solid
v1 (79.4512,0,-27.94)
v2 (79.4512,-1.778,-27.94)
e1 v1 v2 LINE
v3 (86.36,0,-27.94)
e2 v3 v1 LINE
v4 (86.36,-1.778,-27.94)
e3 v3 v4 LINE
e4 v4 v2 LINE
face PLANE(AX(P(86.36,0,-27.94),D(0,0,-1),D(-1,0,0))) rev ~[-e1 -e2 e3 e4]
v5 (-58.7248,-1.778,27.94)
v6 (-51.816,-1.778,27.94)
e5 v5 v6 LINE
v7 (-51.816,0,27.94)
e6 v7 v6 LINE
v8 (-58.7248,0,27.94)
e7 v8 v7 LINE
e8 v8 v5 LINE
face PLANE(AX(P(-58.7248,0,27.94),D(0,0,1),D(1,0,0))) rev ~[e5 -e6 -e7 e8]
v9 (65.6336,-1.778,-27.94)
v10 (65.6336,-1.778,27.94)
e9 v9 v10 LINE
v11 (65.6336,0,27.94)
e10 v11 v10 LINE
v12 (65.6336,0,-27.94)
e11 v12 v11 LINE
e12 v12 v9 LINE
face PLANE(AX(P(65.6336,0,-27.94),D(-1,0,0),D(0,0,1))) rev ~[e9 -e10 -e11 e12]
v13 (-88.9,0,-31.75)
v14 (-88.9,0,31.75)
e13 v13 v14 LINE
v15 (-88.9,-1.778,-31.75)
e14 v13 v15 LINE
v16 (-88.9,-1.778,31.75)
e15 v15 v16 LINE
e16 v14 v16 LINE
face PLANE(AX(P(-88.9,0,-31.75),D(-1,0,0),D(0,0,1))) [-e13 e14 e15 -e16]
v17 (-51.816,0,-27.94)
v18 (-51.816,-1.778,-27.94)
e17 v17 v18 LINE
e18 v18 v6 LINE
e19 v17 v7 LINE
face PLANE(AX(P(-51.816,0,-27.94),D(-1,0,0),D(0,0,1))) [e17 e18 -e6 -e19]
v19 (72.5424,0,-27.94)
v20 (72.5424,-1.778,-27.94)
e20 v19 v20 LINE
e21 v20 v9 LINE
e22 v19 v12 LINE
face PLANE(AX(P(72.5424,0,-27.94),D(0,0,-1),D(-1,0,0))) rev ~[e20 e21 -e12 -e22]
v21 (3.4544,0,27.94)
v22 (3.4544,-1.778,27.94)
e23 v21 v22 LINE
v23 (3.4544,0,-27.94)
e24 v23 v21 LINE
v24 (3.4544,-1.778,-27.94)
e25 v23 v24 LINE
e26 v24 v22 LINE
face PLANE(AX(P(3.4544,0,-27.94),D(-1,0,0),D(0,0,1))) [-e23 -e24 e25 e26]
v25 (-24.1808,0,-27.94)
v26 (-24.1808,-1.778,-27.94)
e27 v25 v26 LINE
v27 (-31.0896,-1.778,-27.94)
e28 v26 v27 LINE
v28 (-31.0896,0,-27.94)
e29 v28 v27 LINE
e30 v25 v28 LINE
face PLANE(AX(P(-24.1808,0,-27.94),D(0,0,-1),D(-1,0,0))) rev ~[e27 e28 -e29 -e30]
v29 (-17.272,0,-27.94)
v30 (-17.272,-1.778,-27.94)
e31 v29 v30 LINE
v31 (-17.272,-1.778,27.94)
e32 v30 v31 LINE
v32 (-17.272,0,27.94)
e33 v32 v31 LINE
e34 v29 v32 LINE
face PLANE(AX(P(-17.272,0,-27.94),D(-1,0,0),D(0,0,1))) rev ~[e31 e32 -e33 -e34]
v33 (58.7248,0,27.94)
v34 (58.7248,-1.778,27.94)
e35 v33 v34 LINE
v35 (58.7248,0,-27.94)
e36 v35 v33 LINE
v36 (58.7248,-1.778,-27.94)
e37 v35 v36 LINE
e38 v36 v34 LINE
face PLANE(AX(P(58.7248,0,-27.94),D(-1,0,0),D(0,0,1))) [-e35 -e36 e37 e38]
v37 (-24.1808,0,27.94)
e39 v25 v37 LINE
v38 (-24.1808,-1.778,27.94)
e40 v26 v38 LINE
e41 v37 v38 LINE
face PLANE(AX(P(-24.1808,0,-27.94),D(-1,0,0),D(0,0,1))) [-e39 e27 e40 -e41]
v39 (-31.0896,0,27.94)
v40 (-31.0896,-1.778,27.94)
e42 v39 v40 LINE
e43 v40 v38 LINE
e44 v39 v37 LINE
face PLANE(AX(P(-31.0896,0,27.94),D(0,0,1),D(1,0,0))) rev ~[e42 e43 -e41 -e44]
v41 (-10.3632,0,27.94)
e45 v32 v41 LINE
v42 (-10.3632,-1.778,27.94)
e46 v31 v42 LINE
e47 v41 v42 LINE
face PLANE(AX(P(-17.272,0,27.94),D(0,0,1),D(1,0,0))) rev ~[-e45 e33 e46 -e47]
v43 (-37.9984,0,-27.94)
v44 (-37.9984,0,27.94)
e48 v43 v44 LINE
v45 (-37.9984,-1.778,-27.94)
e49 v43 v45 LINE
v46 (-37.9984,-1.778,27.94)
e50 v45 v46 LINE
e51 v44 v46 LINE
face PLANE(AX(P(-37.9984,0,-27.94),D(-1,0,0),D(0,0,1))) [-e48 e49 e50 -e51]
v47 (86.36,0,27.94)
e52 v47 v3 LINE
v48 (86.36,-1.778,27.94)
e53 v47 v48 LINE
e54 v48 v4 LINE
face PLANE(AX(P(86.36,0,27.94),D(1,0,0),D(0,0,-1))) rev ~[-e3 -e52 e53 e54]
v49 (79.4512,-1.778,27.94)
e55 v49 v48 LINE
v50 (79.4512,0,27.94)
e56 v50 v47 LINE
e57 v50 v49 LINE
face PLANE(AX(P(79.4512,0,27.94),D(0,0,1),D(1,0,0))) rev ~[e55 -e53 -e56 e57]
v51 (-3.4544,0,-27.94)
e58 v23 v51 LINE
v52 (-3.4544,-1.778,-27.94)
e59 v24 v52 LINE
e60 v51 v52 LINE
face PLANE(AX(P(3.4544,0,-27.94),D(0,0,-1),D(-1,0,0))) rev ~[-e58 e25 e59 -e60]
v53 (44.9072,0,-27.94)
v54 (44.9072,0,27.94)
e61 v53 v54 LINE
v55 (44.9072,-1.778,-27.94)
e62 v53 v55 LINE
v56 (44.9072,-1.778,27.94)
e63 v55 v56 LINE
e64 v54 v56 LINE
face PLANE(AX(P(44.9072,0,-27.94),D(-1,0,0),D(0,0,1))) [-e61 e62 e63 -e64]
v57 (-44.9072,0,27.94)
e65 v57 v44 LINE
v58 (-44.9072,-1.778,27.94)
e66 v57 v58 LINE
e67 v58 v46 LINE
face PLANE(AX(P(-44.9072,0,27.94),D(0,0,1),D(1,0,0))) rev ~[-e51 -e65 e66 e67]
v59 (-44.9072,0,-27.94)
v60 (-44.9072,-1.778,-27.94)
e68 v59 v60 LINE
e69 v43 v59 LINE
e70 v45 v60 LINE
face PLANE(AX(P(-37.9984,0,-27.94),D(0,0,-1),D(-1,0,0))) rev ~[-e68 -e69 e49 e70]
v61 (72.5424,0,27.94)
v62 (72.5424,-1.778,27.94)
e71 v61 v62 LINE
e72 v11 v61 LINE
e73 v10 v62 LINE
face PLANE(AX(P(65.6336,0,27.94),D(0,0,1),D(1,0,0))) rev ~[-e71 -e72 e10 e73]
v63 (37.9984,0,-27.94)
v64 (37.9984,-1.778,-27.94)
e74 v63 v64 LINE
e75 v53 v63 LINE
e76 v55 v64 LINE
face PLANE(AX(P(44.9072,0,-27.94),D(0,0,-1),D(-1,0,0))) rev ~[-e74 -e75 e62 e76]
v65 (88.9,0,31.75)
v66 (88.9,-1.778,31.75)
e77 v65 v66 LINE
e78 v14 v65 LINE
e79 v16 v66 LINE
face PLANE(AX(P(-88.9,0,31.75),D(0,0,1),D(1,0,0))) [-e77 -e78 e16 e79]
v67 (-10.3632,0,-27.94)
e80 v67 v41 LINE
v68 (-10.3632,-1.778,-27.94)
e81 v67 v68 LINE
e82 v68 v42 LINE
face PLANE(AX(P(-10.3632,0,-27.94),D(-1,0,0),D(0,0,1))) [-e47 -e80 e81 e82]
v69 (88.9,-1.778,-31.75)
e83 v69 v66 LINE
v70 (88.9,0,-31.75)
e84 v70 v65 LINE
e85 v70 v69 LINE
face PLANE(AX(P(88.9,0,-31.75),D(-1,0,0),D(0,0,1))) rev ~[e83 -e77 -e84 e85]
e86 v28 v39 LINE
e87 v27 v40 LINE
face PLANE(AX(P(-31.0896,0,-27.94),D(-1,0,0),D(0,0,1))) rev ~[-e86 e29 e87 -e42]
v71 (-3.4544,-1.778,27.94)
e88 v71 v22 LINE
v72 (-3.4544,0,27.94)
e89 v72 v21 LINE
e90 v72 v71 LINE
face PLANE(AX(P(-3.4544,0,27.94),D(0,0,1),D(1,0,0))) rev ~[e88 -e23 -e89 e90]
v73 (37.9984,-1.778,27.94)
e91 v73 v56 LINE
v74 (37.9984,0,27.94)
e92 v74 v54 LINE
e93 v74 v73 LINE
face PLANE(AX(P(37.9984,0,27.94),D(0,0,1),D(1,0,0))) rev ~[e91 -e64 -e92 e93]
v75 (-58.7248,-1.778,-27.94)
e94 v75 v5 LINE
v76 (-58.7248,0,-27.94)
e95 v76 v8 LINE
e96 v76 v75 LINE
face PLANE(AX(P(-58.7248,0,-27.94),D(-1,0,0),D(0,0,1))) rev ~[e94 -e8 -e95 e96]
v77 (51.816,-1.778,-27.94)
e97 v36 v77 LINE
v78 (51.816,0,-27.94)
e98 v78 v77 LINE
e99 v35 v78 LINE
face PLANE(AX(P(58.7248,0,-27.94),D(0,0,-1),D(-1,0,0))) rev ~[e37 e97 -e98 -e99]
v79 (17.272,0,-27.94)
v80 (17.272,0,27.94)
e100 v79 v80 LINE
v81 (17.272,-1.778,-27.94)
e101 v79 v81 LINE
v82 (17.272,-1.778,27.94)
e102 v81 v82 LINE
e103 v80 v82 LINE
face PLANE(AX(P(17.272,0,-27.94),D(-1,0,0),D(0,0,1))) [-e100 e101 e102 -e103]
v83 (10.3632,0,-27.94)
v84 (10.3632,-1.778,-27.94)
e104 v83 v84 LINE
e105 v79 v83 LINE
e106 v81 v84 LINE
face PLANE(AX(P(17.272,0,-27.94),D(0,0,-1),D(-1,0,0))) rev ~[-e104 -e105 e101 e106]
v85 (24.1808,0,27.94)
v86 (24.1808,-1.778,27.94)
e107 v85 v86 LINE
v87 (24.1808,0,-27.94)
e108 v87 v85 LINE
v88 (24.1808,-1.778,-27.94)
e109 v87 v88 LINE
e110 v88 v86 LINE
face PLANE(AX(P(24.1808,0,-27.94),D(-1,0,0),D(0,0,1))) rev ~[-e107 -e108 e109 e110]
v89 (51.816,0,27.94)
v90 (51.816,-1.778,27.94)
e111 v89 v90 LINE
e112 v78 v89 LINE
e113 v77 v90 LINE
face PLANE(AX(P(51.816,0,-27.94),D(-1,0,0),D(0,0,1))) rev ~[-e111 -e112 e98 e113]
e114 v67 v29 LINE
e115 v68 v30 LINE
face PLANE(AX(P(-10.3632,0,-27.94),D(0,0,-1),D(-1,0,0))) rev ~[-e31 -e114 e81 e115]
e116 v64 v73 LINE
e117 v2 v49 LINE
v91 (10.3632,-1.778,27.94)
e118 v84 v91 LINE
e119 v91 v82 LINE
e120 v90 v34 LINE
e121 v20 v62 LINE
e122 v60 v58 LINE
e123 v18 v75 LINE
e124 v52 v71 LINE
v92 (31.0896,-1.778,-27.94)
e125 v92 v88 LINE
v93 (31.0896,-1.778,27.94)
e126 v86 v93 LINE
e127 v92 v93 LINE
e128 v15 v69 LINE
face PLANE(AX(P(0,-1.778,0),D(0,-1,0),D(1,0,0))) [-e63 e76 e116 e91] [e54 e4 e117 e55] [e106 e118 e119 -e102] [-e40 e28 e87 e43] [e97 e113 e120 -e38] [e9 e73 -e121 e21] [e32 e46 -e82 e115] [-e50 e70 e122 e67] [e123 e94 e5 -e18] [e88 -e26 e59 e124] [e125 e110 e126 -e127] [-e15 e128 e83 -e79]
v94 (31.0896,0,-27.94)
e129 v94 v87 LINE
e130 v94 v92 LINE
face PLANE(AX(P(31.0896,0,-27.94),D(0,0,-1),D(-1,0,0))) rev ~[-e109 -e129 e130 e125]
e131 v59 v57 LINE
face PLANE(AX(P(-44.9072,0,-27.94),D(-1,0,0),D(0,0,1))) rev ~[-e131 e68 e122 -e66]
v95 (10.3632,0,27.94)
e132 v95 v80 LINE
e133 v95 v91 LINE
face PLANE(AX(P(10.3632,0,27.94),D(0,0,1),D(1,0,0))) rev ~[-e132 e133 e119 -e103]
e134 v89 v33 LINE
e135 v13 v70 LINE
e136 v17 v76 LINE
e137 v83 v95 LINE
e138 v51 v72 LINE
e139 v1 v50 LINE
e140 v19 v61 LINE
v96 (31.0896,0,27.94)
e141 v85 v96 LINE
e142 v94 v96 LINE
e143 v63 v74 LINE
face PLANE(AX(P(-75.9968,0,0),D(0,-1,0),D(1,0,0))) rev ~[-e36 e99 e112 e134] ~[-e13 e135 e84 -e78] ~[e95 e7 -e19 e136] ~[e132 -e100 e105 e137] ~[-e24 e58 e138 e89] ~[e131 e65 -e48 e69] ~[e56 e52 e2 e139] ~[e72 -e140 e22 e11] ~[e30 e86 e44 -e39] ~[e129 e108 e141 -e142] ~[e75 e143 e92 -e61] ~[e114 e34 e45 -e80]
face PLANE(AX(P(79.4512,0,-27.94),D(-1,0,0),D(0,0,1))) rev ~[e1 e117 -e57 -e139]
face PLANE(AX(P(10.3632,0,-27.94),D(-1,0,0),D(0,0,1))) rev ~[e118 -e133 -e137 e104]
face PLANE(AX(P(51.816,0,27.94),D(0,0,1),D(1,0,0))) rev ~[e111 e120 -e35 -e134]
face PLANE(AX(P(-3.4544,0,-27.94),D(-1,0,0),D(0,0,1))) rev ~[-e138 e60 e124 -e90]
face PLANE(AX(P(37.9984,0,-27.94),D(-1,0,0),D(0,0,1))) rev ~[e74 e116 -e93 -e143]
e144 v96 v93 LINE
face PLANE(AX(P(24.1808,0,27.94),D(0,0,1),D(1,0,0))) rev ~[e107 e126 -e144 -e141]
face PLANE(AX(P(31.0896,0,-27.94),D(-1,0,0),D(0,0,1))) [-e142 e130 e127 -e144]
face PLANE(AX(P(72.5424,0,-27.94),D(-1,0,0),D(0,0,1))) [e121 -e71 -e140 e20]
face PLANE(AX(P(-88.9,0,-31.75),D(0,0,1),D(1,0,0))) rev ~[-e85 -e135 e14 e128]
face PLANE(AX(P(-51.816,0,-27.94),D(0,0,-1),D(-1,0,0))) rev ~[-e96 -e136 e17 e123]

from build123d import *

# Parameters (mm, degrees)
F0_W     = 177.8
F0_H     = 63.5
F0_W_2   = 6.9088
F0_H_2   = 55.88
F1_DEPTH = 1.778
F2_W     = 20.7264
F2_H     = 55.88
F3_DEPTH = 1.778


with BuildPart() as f1:
    # F0 (on Front) → F1 (new body)
    with BuildSketch(Plane.XZ):
        Rectangle(F0_W, F0_H)
        Polygon((86.36, 27.94), (86.36, -27.94), (79.4512, -27.94), (72.5424, -27.94), (65.6336, -27.94), (58.7248, -27.94), (51.816, -27.94), (44.9072, -27.94), (37.9984, -27.94), (31.0896, -27.94), (24.1808, -27.94), (17.272, -27.94), (10.3632, -27.94), (3.4544, -27.94), (-3.4544, -27.94), (-10.3632, -27.94), (-17.272, -27.94), (-24.1808, -27.94), (-31.0896, -27.94), (-37.9984, -27.94), (-44.9072, -27.94), (-51.816, -27.94), (-58.7248, -27.94), (-65.6336, -27.94), (-72.5424, -27.94), (-79.4512, -27.94), (-86.36, -27.94), (-86.36, 27.94), (-79.4512, 27.94), (-72.5424, 27.94), (-65.6336, 27.94), (-58.7248, 27.94), (-51.816, 27.94), (-44.9072, 27.94), (-37.9984, 27.94), (-31.0896, 27.94), (-24.1808, 27.94), (-17.272, 27.94), (-10.3632, 27.94), (-3.4544, 27.94), (3.4544, 27.94), (10.3632, 27.94), (17.272, 27.94), (24.1808, 27.94), (31.0896, 27.94), (37.9984, 27.94), (44.9072, 27.94), (51.816, 27.94), (58.7248, 27.94), (65.6336, 27.94), (72.5424, 27.94), (79.4512, 27.94), align=None, mode=Mode.SUBTRACT)
        with Locations((-75.9968, 0)):
            Rectangle(F0_W_2, F0_H_2)
        with Locations((-62.1792, 0)):
            Rectangle(F0_W_2, F0_H_2)
        with Locations((-48.3616, 0)):
            Rectangle(F0_W_2, F0_H_2)
        with Locations((-34.544, 0)):
            Rectangle(F0_W_2, F0_H_2)
        with Locations((-20.7264, 0)):
            Rectangle(F0_W_2, F0_H_2)
        with Locations((-6.9088, 0)):
            Rectangle(F0_W_2, F0_H_2)
        with Locations((6.9088, 0)):
            Rectangle(F0_W_2, F0_H_2)
        with Locations((20.7264, 0)):
            Rectangle(F0_W_2, F0_H_2)
        with Locations((34.544, 0)):
            Rectangle(F0_W_2, F0_H_2)
        with Locations((48.3616, 0)):
            Rectangle(F0_W_2, F0_H_2)
        with Locations((62.1792, 0)):
            Rectangle(F0_W_2, F0_H_2)
        with Locations((75.9968, 0)):
            Rectangle(F0_W_2, F0_H_2)
    extrude(amount=F1_DEPTH)

    # F2 (on face) → F3 (join)
    with BuildSketch(Plane.XZ.offset(1.778)):
        with Locations((-75.9968, 0)):
            Rectangle(F2_W, F2_H)
    extrude(amount=-F3_DEPTH)


solid = f1.part
